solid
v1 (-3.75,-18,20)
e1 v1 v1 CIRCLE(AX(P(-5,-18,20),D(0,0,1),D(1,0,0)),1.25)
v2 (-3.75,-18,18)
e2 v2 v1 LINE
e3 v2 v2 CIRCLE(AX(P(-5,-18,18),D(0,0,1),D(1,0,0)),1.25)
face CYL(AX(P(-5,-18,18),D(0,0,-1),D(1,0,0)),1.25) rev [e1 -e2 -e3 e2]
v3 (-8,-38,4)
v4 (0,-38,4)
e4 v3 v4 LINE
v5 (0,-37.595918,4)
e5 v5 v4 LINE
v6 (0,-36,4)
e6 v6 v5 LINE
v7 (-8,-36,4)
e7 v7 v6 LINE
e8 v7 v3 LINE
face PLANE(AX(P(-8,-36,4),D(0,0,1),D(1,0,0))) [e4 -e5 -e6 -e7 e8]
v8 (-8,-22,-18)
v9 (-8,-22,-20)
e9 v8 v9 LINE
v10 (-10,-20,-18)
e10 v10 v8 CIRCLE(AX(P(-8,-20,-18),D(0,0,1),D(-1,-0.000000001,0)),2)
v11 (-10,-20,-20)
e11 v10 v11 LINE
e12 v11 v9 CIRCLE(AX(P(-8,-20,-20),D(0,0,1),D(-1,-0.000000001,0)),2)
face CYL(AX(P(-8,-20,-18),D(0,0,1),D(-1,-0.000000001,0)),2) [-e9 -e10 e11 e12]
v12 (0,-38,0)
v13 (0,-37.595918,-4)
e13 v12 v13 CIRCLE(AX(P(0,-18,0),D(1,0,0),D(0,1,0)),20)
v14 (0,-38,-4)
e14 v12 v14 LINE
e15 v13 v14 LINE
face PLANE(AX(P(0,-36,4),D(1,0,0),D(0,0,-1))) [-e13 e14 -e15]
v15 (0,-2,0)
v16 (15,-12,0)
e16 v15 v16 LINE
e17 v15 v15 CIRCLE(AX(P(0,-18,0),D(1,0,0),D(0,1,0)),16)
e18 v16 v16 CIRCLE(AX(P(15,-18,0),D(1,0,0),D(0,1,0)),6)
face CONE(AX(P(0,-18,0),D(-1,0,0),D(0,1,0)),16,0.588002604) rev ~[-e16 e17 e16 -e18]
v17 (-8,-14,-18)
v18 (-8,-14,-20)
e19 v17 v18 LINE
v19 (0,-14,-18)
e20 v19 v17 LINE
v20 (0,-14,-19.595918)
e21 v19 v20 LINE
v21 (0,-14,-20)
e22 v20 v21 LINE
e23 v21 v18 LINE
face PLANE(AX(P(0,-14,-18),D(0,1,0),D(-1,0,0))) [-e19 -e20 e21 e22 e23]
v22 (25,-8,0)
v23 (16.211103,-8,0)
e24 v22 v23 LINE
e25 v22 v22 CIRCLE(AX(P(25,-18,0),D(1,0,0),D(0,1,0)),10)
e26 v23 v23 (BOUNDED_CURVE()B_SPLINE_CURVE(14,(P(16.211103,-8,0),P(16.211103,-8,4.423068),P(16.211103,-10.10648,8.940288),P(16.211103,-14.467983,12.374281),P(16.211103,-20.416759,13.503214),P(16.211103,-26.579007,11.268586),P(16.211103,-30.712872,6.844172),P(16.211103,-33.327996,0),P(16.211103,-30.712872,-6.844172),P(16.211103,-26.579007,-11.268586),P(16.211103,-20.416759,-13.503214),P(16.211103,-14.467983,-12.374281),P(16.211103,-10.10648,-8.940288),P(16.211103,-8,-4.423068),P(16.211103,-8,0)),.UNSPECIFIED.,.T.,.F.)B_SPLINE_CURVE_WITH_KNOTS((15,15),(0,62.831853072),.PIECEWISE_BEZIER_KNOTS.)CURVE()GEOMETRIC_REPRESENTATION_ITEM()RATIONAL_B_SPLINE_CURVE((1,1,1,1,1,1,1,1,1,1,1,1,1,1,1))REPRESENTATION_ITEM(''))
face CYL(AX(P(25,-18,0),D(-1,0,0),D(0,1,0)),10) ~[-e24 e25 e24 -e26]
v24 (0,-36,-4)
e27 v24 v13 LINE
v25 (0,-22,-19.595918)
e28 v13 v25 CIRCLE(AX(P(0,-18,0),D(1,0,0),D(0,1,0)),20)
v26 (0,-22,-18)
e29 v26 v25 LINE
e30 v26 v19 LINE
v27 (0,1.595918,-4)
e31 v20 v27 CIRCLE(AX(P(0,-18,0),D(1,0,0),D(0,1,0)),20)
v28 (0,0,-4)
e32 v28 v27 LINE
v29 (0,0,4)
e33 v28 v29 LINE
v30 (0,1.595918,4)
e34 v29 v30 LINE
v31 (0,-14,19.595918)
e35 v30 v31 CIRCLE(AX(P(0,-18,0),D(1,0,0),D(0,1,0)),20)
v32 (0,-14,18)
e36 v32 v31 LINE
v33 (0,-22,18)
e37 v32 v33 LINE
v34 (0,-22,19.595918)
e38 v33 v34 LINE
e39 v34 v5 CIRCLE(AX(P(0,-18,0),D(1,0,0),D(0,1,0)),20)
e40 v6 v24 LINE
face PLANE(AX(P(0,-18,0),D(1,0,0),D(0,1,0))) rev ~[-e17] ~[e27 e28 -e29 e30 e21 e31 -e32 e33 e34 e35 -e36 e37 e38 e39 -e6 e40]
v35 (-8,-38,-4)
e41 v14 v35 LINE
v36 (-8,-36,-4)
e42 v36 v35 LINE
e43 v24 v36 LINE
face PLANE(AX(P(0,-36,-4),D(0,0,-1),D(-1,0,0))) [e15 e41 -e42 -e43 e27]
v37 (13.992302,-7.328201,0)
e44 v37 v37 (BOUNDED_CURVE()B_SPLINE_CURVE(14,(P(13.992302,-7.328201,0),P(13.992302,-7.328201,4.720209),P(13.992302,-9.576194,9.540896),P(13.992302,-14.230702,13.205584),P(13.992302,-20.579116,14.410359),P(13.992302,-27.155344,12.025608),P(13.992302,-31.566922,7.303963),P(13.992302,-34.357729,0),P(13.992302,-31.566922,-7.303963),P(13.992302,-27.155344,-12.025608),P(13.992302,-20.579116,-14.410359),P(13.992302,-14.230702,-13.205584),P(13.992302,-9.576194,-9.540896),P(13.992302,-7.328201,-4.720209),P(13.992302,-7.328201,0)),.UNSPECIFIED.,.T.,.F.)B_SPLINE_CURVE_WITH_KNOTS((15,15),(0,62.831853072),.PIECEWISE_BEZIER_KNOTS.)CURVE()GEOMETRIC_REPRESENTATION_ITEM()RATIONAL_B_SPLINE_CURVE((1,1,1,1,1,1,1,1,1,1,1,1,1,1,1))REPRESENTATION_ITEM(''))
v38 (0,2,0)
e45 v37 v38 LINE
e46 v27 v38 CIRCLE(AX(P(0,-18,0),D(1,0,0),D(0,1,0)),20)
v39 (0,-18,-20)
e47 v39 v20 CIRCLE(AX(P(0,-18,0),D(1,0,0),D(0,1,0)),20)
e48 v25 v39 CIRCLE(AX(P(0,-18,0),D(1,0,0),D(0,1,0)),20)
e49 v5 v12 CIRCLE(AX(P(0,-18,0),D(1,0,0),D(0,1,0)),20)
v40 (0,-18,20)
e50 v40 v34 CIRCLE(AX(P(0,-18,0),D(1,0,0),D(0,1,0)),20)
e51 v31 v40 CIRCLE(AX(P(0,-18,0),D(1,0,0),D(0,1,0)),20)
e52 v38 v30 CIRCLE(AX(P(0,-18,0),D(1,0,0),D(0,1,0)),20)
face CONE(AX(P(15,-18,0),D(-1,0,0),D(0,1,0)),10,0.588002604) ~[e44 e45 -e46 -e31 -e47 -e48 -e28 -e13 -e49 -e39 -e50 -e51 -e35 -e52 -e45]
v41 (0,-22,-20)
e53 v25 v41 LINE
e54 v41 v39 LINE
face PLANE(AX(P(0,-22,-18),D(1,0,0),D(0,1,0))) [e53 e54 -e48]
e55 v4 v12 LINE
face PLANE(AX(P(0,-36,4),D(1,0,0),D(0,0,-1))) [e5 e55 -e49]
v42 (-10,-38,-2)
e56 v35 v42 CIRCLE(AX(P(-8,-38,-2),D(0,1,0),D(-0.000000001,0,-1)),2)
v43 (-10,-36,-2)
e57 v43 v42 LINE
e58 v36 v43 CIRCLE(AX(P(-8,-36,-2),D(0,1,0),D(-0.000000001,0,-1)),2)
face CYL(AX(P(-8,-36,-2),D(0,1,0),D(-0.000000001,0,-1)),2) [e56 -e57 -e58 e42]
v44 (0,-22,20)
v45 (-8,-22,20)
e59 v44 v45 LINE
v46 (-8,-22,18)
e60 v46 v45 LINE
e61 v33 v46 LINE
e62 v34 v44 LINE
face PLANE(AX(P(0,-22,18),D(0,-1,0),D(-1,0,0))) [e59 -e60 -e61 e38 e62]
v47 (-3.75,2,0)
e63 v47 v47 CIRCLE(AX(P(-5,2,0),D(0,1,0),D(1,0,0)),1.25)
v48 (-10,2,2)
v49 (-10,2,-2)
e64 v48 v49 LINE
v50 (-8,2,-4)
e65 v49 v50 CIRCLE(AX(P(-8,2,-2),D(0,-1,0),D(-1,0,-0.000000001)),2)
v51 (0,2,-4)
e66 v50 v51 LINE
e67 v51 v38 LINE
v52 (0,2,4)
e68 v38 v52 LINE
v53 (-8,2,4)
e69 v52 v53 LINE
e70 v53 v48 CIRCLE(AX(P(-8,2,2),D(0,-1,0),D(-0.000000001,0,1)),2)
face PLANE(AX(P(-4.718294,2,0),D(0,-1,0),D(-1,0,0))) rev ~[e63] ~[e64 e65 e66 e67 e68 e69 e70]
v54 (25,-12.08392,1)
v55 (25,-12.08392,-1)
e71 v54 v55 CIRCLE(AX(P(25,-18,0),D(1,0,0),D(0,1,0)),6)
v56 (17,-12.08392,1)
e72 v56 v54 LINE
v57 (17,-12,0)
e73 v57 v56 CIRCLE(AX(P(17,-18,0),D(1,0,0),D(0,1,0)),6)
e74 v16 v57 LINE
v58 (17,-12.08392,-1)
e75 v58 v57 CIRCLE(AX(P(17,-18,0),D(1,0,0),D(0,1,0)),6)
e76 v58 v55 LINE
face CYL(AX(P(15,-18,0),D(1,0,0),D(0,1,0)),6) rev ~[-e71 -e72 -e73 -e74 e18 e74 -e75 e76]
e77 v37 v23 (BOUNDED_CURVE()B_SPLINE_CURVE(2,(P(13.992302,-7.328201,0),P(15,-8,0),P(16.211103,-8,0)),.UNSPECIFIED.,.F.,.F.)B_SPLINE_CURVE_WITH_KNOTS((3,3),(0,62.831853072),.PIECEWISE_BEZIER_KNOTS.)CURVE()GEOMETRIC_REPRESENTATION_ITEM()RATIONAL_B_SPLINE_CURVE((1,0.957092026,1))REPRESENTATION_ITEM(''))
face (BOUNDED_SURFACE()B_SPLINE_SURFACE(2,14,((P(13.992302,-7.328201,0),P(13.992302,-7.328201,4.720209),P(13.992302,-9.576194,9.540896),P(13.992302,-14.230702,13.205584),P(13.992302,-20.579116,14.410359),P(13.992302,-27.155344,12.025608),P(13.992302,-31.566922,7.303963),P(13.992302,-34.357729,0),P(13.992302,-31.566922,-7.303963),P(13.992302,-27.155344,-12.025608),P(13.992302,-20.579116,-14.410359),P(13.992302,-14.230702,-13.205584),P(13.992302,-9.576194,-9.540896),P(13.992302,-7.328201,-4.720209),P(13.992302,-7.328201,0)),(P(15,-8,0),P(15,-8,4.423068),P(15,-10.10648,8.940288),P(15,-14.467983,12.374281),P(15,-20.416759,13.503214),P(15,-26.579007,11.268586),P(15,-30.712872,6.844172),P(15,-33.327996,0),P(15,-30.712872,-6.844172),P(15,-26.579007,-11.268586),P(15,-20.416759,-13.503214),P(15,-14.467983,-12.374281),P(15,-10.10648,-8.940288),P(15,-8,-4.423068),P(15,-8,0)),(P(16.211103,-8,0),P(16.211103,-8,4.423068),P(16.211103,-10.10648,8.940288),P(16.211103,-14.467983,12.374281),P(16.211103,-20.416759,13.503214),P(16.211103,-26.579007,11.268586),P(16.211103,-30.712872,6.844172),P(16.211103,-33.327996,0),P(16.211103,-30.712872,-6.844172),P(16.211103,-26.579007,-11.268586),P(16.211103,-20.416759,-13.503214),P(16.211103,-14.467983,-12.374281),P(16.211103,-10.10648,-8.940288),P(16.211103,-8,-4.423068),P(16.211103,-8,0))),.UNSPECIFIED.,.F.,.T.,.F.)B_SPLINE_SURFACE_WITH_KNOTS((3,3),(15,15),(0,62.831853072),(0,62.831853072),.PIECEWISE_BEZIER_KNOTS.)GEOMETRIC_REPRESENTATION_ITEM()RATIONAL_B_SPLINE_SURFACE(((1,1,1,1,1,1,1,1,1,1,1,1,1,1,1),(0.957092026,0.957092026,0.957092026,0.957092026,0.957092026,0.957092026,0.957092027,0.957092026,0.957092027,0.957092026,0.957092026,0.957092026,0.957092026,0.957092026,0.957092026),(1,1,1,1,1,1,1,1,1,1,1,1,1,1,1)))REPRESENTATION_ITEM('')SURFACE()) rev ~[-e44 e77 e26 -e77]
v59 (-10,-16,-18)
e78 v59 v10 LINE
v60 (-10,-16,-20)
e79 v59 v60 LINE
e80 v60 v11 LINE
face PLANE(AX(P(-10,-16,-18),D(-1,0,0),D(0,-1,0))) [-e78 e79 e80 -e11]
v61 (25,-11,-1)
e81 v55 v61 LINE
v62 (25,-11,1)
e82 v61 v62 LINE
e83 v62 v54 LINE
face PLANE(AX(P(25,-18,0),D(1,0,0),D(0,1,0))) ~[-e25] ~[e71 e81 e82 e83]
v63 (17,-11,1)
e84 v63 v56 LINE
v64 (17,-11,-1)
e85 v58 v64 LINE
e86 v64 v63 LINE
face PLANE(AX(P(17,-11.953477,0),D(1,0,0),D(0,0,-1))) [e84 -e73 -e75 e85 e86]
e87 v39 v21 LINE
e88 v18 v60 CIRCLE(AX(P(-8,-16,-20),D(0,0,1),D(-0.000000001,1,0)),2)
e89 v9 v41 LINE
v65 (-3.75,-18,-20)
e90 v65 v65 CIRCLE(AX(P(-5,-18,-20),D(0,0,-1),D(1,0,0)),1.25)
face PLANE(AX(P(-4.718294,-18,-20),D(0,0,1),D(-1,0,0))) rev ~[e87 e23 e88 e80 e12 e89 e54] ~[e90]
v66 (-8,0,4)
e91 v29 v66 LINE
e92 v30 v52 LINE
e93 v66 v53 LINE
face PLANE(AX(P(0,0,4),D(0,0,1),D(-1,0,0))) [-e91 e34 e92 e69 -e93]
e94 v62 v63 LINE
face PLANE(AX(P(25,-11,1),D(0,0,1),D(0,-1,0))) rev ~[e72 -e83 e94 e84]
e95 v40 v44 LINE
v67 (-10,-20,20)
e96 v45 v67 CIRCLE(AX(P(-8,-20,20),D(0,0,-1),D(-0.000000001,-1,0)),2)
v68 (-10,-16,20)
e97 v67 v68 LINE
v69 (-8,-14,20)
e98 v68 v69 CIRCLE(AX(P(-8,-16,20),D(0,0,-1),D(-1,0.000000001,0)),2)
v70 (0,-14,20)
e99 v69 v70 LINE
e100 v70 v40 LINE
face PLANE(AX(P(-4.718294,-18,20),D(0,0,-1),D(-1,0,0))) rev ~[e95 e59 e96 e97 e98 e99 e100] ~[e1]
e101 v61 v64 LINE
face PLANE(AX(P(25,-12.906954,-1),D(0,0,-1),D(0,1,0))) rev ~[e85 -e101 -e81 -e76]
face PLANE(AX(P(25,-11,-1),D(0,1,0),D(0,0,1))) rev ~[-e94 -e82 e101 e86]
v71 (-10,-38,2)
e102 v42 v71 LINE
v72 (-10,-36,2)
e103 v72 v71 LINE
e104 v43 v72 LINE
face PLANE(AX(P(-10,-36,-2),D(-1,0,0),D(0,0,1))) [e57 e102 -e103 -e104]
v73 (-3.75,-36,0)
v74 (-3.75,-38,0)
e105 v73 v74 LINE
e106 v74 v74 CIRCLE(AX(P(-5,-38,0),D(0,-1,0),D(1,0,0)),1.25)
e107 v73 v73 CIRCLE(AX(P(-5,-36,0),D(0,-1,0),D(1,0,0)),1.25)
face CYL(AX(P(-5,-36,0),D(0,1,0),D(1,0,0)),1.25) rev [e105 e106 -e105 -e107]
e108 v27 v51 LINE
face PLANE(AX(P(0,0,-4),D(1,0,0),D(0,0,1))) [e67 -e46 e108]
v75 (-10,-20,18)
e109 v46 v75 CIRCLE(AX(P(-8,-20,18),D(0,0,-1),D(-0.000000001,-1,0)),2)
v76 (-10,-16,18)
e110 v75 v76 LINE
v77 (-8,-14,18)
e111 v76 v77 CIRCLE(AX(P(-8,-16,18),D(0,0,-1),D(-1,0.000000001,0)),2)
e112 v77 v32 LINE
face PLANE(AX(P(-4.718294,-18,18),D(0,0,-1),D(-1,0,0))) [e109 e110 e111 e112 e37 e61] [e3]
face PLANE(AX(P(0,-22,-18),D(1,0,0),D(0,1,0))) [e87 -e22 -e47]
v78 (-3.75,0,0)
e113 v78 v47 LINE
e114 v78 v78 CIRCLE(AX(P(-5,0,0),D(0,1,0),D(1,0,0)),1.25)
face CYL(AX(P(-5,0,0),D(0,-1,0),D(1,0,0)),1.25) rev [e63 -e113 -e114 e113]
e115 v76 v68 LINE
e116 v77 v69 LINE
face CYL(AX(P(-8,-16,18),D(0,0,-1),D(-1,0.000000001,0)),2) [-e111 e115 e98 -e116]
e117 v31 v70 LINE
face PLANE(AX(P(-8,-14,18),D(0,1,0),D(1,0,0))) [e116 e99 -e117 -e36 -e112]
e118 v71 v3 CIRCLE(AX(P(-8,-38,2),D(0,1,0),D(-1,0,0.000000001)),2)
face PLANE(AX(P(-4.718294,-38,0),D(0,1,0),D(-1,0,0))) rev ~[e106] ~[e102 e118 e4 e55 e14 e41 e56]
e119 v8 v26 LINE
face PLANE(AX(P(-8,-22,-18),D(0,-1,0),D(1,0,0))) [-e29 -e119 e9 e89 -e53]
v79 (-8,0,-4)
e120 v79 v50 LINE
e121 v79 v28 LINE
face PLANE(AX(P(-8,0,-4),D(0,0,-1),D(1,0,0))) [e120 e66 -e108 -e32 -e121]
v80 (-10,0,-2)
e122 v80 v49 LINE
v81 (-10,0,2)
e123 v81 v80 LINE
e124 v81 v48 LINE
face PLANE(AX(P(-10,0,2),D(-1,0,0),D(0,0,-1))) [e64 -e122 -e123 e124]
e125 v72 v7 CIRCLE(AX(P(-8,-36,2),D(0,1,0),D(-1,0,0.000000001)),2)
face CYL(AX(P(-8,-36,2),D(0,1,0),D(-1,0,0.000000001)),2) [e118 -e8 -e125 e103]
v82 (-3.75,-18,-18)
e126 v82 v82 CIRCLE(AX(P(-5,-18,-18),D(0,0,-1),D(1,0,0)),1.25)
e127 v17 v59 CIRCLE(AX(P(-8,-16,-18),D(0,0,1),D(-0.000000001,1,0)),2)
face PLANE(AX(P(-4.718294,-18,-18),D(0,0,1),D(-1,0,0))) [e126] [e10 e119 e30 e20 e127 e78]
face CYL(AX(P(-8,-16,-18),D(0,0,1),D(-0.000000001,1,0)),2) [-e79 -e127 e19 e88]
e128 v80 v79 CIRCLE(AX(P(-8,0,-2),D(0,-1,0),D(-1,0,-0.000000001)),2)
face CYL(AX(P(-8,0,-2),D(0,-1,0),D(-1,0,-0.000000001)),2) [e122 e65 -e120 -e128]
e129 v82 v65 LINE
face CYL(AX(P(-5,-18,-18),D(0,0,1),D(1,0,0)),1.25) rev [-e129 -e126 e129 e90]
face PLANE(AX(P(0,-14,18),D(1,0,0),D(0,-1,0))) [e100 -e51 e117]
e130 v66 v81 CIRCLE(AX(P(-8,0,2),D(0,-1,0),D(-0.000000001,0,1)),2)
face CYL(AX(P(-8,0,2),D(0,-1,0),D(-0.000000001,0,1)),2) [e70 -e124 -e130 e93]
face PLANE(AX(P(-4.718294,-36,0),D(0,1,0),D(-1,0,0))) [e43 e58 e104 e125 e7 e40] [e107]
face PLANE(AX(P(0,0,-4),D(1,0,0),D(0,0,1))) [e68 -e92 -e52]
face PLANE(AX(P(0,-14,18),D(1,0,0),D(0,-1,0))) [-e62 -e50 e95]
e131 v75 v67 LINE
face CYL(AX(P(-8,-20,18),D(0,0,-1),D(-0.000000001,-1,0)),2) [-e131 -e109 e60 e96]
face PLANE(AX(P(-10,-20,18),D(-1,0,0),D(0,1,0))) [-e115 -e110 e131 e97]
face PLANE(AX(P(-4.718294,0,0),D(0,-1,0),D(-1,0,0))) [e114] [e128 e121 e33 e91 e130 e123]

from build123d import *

# Parameters (mm, degrees)
SKETCH1_R           = 1.25
BOSS_EXTRUDE1_DEPTH = 2
CIRPATTERN1_COUNT   = 4
FILLET1_R           = 4
CUT_EXTRUDE1_DEPTH  = 8


with BuildPart() as part:
    # Sketch1 → Boss-Extrude1 (new body)
    with BuildSketch(Plane(origin=(0, 0, 0), x_dir=(1, 0, 0), z_dir=(0, 1, 0))):
        with BuildLine():
            Line((0, 4), (0, -4))
            Line((0, -4), (-8, -4))
            ThreePointArc((-8, -4), (-9.414213562, -3.414213562), (-10, -2))
            Line((-10, -2), (-10, 2))
            ThreePointArc((-10, 2), (-9.414213562, 3.414213562), (-8, 4))
            Line((-8, 4), (0, 4))
        make_face()
        with Locations((-5, 0)):
            Circle(SKETCH1_R, mode=Mode.SUBTRACT)
    boss_extrude1 = extrude(amount=BOSS_EXTRUDE1_DEPTH)

    # Sketch2 → Revolve1 (revolve)
    with BuildSketch(Plane.XY):
        Polygon((0, 2), (0, -2), (15, -12), (25, -12), (25, -8), (15, -8), align=None)
    revolve(axis=Axis((-9.784018472, -18, 0), (1, 0, 0)))

    # CirPattern1: Boss-Extrude1 ×4 about axis
    cirpattern1_axis = Axis((0, -18, 0), (1, 0, 0))
    for i in range(1, CIRPATTERN1_COUNT):
        add(boss_extrude1.rotate(cirpattern1_axis, i * 360 / CIRPATTERN1_COUNT))

    # Fillet1
    fillet1_edges = [part.edges().sort_by_distance(p)[0] for p in [
        (15, -28, 0),
    ]]
    fillet(fillet1_edges, radius=FILLET1_R)

    # Sketch3 → Cut-Extrude1 (cut)
    with BuildSketch(Plane(origin=(25, 0, 0), x_dir=(0, 0, -1), z_dir=(1, 0, 0))):
        Polygon((1, -12), (1, -11), (-1, -11), (-1, -12), (-1, -12.906953831), (1, -12.906953831), align=None)
    extrude(amount=-CUT_EXTRUDE1_DEPTH, mode=Mode.SUBTRACT)


solid = part.part
